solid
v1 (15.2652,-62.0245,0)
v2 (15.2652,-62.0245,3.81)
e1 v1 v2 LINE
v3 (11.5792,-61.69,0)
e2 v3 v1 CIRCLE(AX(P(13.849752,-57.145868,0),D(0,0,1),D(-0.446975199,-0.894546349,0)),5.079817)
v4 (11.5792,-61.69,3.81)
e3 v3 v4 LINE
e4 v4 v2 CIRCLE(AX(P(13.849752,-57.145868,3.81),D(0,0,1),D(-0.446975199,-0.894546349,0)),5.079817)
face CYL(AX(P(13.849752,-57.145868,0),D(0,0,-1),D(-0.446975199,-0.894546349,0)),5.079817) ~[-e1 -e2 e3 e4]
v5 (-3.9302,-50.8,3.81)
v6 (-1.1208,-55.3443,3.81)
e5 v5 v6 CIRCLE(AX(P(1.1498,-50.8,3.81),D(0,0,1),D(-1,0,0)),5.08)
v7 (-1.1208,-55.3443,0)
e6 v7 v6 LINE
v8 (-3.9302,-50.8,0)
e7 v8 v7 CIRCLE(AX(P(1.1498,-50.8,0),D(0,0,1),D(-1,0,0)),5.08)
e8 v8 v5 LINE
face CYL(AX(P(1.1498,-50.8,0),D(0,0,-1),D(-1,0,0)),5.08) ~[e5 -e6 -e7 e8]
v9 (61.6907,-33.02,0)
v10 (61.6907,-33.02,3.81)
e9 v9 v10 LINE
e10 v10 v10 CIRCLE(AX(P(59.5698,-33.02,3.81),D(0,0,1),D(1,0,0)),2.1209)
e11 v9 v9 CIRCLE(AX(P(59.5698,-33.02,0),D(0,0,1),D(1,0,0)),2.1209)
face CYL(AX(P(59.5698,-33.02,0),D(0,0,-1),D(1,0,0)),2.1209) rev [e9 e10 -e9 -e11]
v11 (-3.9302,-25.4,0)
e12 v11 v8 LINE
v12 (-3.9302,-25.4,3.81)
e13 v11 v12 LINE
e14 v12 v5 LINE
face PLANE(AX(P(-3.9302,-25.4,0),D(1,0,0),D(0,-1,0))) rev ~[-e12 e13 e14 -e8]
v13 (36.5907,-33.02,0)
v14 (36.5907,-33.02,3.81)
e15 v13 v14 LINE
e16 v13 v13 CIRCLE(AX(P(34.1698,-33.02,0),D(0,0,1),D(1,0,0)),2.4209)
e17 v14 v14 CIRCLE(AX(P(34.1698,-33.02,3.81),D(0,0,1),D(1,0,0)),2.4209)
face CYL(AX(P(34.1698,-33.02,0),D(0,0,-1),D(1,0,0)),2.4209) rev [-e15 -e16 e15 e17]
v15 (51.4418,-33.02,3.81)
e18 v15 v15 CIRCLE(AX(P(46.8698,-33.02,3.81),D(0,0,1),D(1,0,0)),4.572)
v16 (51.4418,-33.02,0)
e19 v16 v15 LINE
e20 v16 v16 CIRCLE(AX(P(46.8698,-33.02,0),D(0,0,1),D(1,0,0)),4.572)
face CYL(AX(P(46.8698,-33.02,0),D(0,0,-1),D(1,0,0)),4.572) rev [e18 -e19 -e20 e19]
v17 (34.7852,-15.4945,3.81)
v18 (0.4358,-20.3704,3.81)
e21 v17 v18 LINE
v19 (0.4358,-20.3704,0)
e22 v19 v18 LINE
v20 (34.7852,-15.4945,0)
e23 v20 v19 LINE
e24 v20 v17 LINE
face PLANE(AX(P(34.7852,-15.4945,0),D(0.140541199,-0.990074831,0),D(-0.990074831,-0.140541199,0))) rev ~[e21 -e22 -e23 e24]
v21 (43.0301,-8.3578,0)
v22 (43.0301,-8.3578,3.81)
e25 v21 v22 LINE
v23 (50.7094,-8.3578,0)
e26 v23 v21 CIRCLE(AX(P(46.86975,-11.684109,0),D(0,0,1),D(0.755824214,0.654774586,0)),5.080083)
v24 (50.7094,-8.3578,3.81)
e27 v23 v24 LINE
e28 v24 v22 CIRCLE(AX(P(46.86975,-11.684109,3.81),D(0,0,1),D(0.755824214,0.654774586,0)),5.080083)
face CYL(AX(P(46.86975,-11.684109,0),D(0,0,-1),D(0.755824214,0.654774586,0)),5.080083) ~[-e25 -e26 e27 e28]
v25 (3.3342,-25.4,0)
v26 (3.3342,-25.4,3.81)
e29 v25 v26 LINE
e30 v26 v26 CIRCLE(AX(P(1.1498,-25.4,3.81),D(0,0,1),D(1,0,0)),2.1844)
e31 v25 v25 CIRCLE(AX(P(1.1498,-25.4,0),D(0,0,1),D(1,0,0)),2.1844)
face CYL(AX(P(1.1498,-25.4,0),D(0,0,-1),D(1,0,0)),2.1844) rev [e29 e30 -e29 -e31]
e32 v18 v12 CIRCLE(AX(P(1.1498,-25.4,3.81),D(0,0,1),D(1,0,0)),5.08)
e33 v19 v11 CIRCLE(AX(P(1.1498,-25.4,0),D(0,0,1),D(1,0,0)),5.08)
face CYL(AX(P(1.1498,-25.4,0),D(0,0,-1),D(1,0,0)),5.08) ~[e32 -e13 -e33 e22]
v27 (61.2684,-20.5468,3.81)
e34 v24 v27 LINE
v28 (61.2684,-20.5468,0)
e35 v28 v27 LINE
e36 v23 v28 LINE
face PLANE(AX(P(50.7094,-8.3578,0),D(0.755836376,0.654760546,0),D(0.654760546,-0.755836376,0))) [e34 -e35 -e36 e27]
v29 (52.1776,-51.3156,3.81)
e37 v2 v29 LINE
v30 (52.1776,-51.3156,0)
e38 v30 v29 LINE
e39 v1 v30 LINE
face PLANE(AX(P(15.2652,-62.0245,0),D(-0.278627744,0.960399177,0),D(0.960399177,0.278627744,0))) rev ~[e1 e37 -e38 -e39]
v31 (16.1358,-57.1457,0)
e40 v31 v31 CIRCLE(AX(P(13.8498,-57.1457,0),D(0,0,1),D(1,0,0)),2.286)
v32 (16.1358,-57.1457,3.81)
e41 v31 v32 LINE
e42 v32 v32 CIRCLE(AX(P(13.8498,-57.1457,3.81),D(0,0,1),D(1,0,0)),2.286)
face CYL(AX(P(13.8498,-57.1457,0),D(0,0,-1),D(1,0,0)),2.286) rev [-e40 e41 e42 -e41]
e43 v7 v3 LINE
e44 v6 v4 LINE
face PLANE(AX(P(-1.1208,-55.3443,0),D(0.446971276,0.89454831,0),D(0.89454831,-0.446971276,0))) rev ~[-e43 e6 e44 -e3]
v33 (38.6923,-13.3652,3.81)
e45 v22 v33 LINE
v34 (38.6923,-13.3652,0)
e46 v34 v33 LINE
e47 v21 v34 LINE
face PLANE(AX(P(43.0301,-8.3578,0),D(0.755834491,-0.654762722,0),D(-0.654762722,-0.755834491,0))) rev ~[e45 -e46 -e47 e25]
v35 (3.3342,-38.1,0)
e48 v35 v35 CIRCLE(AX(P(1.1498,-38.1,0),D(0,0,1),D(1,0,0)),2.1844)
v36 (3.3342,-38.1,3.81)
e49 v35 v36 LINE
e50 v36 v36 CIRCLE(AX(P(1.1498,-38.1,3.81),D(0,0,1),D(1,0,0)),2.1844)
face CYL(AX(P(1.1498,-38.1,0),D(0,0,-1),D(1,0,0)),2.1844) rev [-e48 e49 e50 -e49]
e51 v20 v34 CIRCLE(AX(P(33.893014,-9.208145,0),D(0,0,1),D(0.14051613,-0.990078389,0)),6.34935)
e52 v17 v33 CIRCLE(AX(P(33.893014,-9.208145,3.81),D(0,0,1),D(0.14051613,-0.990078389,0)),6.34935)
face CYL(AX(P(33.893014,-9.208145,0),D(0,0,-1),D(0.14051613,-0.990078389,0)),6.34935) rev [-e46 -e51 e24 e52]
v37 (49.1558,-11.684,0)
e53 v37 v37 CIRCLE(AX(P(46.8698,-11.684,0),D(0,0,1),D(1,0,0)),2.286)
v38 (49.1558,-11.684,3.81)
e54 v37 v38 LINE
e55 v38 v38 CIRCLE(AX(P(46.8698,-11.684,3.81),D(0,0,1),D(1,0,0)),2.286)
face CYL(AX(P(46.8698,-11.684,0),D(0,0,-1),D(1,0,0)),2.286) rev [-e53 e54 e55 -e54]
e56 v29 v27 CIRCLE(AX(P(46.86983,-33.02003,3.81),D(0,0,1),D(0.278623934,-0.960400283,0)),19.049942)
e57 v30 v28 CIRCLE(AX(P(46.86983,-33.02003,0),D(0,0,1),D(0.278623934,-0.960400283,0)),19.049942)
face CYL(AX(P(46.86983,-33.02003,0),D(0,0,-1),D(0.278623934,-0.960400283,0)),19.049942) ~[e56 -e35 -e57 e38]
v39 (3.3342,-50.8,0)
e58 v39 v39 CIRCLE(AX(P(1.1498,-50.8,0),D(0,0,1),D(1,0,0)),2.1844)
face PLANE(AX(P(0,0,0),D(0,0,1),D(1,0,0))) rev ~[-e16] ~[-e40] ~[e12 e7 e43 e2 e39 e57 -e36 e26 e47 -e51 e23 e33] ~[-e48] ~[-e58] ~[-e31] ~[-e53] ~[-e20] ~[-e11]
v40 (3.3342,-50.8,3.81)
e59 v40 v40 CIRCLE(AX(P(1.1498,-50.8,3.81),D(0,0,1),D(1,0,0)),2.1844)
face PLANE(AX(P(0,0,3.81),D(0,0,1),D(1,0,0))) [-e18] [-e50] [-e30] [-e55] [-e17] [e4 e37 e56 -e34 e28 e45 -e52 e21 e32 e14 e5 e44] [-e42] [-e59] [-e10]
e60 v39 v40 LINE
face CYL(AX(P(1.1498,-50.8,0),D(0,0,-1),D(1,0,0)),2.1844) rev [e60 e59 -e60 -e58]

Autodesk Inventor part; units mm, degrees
ref_plane "YZ Plane" through (0, 0, 0) normal (1, 0, 0) x (0, 1, 0)
ref_plane "XZ Plane" through (0, 0, 0) normal (0, 1, 0) x (-1, 0, 0)
ref_plane "Work Plane1" through (0, 0, 0) normal (0, 0, 1) x (1, 0, 0)
sketch "Sketch1" plane through (0, 0, 0) normal (0, 0, 1) x (1, 0, 0)
  circle A0 centre (1.1498, -25.4) radius 2.1844 projected
  circle A1 centre (1.1498, -38.1) radius 2.1844 projected
  circle A2 centre (1.1498, -50.8) radius 2.1844 projected
  arc A3 (42.6103, -14.4523) -> (32.4711, -20.5468) centre (46.8698, -33.02) ccw construction
  line L0 (1.1498, -25.4) -> (1.1498, -50.8) construction
  line L1 (-3.9302, -25.4) -> (-3.9302, -50.8)
  line L2 (6.2298, -50.8) -> (6.2298, -25.4)
  arc A4 (6.2298, -25.4) -> (-3.9302, -25.4) centre (1.1498, -25.4) ccw
  arc A5 (-3.9302, -50.8) -> (6.2298, -50.8) centre (1.1498, -50.8) ccw
  line L3 (1.5665, -55.8629) -> (48.4323, -52.0058) construction
  line L4 (44.1924, -14.1591) -> (42.5701, -14.3894) construction
  circle A6 centre (46.8698, -33.02) radius 4.572
  circle A7 centre (59.5698, -33.02) radius 2.1209 projected
  circle A8 centre (34.1698, -33.02) radius 2.4209 projected
  circle A9 centre (13.8498, -57.1457) radius 2.286
  arc A10 (11.5792, -61.69) -> (15.2652, -62.0245) centre (13.8498, -57.1457) ccw
  line L5 (-1.1208, -55.3443) -> (11.5792, -61.69)
  line L6 (15.2652, -62.0245) -> (52.1776, -51.3156)
  circle A11 centre (46.8698, -11.684) radius 2.286
  arc A12 (42.5701, -14.3894) -> (50.7094, -8.3578) centre (46.8698, -11.684) ccw construction
  line L7 (50.7094, -8.3578) -> (61.2684, -20.5468)
  line L8 (43.0301, -8.3578) -> (38.6923, -13.3652)
  line L9 (37.137, -15.1606) -> (32.4711, -20.5468) construction
  line L10 (42.5701, -14.3894) -> (37.137, -15.1606) construction
  arc A13 (44.1924, -14.1591) -> (42.6103, -14.4523) centre (46.8698, -33.02) ccw construction
  arc A14 (51.1292, -14.4523) -> (44.1924, -14.1591) centre (46.8698, -33.02) ccw construction
  arc A15 (43.0301, -8.3578) -> (42.5701, -14.3894) centre (46.8698, -11.684) ccw construction
  arc A16 (50.7094, -8.3578) -> (43.0301, -8.3578) centre (46.8698, -11.684) ccw
  line L11 (34.7852, -15.4945) -> (0.4358, -20.3704)
  arc A17 (32.4711, -20.5468) -> (48.4323, -52.0058) centre (46.8698, -33.02) ccw construction
  arc A18 (48.4323, -52.0058) -> (52.1776, -51.3156) centre (46.8698, -33.02) ccw construction
  arc A19 (52.1776, -51.3156) -> (61.2684, -20.5468) centre (46.8698, -33.02) ccw
  arc A20 (9.141, -55.2395) -> (11.5792, -61.69) centre (13.8498, -57.1457) ccw construction
  arc A21 (15.2652, -62.0245) -> (9.141, -55.2395) centre (13.8498, -57.1457) ccw construction
  arc A22 (34.7852, -15.4945) -> (38.6923, -13.3652) centre (33.8928, -9.2075) ccw
  arc A23 (61.2684, -20.5468) -> (51.1292, -14.4523) centre (46.8698, -33.02) ccw construction
  point P0 (0, 0)
  point P1 (1.1498, -38.1)
  dimension "d0" = 38.1
  dimension "d1" = 10.16
  dimension "d2" = 45.72
  dimension "d6" = 9.144
  dimension "d8" = 7.62
  dimension "d9" = 4.572
  dimension "d10" = 10.16
  dimension "d11" = 12.7
  dimension "d12" = 4.572
  dimension "d13" = 10.16
  dimension "d14" = 6.35
extrude "Extrusion1" add sketch "Sketch1" along normal blind 3.81
properties part number "Stage2" material "Plastic, Opaque Black"
